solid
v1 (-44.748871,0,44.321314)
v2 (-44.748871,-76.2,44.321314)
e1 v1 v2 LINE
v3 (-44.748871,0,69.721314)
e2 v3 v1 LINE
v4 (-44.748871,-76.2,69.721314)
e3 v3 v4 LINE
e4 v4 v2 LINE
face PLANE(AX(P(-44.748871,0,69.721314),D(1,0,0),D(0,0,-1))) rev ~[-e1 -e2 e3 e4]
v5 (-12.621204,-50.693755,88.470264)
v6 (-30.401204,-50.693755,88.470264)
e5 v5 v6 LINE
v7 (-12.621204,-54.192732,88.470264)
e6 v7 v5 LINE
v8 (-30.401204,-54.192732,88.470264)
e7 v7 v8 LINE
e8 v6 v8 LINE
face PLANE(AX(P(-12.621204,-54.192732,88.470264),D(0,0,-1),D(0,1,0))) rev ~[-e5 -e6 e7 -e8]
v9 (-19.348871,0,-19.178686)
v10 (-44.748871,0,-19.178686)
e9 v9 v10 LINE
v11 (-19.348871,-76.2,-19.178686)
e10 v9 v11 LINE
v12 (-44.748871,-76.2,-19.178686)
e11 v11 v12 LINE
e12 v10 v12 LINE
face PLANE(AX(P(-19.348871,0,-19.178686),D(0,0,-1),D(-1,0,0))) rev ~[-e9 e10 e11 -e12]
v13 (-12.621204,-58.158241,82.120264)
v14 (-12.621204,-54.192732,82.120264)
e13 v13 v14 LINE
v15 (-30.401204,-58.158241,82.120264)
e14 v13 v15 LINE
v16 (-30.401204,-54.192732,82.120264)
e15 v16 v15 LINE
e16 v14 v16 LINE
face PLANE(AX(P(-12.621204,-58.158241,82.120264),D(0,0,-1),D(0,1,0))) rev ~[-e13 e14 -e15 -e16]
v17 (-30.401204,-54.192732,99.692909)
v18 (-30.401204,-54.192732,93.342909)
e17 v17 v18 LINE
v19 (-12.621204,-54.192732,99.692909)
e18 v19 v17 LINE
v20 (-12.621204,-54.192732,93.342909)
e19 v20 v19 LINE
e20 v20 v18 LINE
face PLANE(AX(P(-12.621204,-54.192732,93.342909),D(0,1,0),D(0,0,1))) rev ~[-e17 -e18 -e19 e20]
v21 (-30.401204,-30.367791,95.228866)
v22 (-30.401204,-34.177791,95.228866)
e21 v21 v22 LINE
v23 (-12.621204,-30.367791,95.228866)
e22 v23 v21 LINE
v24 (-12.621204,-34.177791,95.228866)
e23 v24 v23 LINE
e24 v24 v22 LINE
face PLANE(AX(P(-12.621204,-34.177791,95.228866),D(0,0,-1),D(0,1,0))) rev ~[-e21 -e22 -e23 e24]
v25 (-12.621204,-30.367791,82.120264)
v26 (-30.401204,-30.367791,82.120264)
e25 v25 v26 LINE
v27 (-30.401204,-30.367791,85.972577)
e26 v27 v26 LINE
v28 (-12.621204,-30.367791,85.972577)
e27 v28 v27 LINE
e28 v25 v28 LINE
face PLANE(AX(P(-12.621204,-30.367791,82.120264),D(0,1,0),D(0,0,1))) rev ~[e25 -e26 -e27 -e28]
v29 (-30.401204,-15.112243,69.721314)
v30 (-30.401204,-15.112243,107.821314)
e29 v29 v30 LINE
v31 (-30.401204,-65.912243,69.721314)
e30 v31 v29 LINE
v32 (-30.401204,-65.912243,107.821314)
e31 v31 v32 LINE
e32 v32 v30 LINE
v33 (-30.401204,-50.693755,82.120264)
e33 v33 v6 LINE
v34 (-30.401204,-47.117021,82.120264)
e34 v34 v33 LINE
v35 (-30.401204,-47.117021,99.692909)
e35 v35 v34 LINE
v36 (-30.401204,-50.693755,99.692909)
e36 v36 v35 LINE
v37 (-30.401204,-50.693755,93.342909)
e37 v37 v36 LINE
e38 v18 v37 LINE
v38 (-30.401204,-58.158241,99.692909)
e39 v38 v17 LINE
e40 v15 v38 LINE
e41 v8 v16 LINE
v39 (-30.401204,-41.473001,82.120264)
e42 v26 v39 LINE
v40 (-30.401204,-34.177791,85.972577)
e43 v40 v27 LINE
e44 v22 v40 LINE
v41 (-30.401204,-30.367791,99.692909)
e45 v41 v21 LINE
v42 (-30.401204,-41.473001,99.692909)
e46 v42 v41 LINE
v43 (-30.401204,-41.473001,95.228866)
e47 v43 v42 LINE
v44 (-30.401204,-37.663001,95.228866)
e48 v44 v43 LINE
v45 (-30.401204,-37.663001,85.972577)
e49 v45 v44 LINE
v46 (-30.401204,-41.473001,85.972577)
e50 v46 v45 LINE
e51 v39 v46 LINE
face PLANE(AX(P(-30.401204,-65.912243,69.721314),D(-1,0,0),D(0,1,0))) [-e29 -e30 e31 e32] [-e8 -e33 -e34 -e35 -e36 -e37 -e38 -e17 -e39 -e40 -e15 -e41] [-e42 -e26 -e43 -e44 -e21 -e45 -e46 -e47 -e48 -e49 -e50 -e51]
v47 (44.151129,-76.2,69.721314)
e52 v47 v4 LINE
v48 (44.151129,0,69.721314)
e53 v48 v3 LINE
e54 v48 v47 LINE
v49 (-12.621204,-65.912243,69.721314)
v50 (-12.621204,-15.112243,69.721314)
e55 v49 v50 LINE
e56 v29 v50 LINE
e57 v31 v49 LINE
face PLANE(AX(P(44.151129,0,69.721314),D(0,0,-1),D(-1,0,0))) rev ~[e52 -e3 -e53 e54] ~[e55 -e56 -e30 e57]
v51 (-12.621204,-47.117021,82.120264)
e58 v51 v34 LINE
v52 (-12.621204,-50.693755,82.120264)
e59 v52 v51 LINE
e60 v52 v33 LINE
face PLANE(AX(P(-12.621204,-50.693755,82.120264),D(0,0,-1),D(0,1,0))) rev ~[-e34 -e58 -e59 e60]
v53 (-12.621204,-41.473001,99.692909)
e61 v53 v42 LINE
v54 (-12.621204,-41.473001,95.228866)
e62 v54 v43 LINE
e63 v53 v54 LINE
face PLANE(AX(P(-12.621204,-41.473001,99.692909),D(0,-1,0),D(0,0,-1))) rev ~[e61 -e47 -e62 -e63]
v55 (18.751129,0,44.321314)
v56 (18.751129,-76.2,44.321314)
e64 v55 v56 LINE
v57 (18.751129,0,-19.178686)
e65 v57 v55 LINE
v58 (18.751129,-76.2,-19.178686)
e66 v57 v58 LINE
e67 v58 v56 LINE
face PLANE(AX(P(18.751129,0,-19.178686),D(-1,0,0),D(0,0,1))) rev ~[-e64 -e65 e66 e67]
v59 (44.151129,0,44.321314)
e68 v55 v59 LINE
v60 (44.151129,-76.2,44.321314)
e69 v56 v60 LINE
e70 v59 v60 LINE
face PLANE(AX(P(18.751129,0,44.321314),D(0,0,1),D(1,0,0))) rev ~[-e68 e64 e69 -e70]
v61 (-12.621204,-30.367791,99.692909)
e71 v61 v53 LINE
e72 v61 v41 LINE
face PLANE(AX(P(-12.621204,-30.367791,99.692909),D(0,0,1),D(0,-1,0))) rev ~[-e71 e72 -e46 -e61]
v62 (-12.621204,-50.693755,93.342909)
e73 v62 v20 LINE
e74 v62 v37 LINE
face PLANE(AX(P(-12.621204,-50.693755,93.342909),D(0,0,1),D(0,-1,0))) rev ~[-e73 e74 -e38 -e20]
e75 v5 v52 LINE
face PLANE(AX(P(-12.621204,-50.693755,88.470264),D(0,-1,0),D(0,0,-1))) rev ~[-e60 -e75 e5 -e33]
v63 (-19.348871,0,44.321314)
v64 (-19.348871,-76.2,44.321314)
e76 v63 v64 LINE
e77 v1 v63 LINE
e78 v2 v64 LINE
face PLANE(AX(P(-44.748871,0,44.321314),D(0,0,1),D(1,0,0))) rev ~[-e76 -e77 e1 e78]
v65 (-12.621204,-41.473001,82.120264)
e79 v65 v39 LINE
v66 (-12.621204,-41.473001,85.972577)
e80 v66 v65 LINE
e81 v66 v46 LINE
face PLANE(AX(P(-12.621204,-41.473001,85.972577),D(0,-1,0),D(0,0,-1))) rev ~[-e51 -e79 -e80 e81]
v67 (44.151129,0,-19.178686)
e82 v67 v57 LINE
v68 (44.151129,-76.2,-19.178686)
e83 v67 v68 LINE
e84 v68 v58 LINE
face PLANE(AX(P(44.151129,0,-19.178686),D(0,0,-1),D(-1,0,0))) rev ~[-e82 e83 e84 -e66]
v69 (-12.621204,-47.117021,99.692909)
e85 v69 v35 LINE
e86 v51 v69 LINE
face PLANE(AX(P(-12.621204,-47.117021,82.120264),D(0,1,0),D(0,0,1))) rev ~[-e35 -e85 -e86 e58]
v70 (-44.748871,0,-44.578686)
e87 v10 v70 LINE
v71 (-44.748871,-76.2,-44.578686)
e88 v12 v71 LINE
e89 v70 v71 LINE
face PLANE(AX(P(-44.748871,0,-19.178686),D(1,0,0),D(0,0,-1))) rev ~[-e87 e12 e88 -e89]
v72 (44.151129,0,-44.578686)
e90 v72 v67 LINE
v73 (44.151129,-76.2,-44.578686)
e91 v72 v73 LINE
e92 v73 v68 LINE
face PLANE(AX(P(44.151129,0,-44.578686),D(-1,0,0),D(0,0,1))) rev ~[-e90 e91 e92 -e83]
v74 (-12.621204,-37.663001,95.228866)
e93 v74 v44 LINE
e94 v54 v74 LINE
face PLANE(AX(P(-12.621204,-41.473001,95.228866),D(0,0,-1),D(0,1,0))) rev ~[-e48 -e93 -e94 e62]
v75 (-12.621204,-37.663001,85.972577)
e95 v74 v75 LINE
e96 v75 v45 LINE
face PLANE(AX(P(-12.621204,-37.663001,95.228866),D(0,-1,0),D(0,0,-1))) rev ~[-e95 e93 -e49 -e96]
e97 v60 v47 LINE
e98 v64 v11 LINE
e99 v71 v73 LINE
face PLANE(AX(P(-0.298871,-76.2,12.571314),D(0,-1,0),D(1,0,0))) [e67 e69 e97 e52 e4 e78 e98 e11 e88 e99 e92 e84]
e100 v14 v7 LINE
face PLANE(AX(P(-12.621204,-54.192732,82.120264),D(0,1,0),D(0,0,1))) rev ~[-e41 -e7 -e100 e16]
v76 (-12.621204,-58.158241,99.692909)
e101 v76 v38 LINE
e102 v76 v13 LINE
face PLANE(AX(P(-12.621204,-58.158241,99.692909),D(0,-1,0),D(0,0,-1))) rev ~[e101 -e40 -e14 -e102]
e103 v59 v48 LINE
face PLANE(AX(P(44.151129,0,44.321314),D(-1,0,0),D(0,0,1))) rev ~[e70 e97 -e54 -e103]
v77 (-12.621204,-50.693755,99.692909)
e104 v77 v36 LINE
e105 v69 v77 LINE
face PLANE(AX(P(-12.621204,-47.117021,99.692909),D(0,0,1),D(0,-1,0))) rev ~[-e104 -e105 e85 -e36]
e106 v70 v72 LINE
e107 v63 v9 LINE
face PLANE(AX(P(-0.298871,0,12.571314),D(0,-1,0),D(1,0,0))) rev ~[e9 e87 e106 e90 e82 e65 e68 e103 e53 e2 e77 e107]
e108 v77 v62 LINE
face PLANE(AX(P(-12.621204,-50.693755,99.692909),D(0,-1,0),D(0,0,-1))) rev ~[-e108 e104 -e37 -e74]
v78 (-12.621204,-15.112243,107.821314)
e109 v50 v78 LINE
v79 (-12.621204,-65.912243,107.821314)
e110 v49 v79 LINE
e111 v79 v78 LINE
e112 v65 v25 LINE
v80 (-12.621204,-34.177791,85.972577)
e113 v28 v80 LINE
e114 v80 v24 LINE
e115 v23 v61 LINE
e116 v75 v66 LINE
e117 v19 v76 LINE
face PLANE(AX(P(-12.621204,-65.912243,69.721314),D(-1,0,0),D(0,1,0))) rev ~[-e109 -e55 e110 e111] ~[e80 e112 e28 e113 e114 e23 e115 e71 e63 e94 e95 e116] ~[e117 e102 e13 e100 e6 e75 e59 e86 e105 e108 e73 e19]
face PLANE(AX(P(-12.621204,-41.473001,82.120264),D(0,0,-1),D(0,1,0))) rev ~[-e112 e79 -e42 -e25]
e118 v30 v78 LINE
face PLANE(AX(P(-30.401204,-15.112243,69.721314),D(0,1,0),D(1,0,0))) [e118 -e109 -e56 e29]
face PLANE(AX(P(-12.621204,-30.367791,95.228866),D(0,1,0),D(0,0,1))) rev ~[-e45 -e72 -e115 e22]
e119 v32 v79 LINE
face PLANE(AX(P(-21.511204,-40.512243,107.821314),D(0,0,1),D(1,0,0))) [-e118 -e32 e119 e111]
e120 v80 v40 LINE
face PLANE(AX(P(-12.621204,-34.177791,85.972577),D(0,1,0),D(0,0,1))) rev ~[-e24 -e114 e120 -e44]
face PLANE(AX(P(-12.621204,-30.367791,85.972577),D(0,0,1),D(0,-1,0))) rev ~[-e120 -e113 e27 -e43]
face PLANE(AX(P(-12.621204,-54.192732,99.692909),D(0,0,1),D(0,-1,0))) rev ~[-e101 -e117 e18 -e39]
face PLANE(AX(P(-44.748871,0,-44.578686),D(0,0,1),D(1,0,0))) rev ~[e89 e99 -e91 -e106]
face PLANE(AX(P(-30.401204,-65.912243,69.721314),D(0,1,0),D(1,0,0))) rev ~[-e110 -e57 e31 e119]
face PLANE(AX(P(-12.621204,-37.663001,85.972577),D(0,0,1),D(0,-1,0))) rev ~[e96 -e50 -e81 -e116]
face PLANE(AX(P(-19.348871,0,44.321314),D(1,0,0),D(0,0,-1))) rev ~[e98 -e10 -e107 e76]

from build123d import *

# Parameters (mm, degrees)
F1_DEPTH = 76.2
F2_W     = 17.78
F2_H     = 50.8
F3_DEPTH = 38.1
F5_DEPTH = 63.5
F7_DEPTH = 63.5


with BuildPart() as f1:
    # F0 (on Front) → F1 (new body)
    with BuildSketch(Plane.XZ):
        Polygon((-44.748871, -19.178686), (-44.748871, -44.578686), (44.151129, -44.578686), (44.151129, -19.178686), (18.751129, -19.178686), (18.751129, 44.321314), (44.151129, 44.321314), (44.151129, 69.721314), (-44.748871, 69.721314), (-44.748871, 44.321314), (-19.348871, 44.321314), (-19.348871, -19.178686), align=None)
    extrude(amount=F1_DEPTH)

    # F2 (on face) → F3 (join)
    with BuildSketch(Plane.XY.offset(69.721314)):
        with Locations((-21.511204, -40.512243)):
            Rectangle(F2_W, F2_H)
    extrude(amount=F3_DEPTH)

    # F4 (on face) → F5 (cut)
    with BuildSketch(Plane.YZ.offset(-12.621204)):
        Polygon((-54.192732, 99.692909), (-58.158241, 99.692909), (-58.158241, 82.120264), (-54.192732, 82.120264), (-54.192732, 88.470264), (-50.693755, 88.470264), (-50.693755, 82.120264), (-47.117021, 82.120264), (-47.117021, 99.692909), (-50.693755, 99.692909), (-50.693755, 93.342909), (-54.192732, 93.342909), align=None)
    extrude(amount=-F5_DEPTH, mode=Mode.SUBTRACT)

    # F6 (on face) → F7 (cut)
    with BuildSketch(Plane.YZ.offset(-12.621204)):
        Polygon((-34.177791, 95.228866), (-30.367791, 95.228866), (-30.367791, 99.692909), (-41.473001, 99.692909), (-41.473001, 95.228866), (-37.663001, 95.228866), (-37.663001, 85.972577), (-41.473001, 85.972577), (-41.473001, 82.120264), (-30.367791, 82.120264), (-30.367791, 85.972577), (-34.177791, 85.972577), align=None)
    extrude(amount=-F7_DEPTH, mode=Mode.SUBTRACT)


solid = f1.part
